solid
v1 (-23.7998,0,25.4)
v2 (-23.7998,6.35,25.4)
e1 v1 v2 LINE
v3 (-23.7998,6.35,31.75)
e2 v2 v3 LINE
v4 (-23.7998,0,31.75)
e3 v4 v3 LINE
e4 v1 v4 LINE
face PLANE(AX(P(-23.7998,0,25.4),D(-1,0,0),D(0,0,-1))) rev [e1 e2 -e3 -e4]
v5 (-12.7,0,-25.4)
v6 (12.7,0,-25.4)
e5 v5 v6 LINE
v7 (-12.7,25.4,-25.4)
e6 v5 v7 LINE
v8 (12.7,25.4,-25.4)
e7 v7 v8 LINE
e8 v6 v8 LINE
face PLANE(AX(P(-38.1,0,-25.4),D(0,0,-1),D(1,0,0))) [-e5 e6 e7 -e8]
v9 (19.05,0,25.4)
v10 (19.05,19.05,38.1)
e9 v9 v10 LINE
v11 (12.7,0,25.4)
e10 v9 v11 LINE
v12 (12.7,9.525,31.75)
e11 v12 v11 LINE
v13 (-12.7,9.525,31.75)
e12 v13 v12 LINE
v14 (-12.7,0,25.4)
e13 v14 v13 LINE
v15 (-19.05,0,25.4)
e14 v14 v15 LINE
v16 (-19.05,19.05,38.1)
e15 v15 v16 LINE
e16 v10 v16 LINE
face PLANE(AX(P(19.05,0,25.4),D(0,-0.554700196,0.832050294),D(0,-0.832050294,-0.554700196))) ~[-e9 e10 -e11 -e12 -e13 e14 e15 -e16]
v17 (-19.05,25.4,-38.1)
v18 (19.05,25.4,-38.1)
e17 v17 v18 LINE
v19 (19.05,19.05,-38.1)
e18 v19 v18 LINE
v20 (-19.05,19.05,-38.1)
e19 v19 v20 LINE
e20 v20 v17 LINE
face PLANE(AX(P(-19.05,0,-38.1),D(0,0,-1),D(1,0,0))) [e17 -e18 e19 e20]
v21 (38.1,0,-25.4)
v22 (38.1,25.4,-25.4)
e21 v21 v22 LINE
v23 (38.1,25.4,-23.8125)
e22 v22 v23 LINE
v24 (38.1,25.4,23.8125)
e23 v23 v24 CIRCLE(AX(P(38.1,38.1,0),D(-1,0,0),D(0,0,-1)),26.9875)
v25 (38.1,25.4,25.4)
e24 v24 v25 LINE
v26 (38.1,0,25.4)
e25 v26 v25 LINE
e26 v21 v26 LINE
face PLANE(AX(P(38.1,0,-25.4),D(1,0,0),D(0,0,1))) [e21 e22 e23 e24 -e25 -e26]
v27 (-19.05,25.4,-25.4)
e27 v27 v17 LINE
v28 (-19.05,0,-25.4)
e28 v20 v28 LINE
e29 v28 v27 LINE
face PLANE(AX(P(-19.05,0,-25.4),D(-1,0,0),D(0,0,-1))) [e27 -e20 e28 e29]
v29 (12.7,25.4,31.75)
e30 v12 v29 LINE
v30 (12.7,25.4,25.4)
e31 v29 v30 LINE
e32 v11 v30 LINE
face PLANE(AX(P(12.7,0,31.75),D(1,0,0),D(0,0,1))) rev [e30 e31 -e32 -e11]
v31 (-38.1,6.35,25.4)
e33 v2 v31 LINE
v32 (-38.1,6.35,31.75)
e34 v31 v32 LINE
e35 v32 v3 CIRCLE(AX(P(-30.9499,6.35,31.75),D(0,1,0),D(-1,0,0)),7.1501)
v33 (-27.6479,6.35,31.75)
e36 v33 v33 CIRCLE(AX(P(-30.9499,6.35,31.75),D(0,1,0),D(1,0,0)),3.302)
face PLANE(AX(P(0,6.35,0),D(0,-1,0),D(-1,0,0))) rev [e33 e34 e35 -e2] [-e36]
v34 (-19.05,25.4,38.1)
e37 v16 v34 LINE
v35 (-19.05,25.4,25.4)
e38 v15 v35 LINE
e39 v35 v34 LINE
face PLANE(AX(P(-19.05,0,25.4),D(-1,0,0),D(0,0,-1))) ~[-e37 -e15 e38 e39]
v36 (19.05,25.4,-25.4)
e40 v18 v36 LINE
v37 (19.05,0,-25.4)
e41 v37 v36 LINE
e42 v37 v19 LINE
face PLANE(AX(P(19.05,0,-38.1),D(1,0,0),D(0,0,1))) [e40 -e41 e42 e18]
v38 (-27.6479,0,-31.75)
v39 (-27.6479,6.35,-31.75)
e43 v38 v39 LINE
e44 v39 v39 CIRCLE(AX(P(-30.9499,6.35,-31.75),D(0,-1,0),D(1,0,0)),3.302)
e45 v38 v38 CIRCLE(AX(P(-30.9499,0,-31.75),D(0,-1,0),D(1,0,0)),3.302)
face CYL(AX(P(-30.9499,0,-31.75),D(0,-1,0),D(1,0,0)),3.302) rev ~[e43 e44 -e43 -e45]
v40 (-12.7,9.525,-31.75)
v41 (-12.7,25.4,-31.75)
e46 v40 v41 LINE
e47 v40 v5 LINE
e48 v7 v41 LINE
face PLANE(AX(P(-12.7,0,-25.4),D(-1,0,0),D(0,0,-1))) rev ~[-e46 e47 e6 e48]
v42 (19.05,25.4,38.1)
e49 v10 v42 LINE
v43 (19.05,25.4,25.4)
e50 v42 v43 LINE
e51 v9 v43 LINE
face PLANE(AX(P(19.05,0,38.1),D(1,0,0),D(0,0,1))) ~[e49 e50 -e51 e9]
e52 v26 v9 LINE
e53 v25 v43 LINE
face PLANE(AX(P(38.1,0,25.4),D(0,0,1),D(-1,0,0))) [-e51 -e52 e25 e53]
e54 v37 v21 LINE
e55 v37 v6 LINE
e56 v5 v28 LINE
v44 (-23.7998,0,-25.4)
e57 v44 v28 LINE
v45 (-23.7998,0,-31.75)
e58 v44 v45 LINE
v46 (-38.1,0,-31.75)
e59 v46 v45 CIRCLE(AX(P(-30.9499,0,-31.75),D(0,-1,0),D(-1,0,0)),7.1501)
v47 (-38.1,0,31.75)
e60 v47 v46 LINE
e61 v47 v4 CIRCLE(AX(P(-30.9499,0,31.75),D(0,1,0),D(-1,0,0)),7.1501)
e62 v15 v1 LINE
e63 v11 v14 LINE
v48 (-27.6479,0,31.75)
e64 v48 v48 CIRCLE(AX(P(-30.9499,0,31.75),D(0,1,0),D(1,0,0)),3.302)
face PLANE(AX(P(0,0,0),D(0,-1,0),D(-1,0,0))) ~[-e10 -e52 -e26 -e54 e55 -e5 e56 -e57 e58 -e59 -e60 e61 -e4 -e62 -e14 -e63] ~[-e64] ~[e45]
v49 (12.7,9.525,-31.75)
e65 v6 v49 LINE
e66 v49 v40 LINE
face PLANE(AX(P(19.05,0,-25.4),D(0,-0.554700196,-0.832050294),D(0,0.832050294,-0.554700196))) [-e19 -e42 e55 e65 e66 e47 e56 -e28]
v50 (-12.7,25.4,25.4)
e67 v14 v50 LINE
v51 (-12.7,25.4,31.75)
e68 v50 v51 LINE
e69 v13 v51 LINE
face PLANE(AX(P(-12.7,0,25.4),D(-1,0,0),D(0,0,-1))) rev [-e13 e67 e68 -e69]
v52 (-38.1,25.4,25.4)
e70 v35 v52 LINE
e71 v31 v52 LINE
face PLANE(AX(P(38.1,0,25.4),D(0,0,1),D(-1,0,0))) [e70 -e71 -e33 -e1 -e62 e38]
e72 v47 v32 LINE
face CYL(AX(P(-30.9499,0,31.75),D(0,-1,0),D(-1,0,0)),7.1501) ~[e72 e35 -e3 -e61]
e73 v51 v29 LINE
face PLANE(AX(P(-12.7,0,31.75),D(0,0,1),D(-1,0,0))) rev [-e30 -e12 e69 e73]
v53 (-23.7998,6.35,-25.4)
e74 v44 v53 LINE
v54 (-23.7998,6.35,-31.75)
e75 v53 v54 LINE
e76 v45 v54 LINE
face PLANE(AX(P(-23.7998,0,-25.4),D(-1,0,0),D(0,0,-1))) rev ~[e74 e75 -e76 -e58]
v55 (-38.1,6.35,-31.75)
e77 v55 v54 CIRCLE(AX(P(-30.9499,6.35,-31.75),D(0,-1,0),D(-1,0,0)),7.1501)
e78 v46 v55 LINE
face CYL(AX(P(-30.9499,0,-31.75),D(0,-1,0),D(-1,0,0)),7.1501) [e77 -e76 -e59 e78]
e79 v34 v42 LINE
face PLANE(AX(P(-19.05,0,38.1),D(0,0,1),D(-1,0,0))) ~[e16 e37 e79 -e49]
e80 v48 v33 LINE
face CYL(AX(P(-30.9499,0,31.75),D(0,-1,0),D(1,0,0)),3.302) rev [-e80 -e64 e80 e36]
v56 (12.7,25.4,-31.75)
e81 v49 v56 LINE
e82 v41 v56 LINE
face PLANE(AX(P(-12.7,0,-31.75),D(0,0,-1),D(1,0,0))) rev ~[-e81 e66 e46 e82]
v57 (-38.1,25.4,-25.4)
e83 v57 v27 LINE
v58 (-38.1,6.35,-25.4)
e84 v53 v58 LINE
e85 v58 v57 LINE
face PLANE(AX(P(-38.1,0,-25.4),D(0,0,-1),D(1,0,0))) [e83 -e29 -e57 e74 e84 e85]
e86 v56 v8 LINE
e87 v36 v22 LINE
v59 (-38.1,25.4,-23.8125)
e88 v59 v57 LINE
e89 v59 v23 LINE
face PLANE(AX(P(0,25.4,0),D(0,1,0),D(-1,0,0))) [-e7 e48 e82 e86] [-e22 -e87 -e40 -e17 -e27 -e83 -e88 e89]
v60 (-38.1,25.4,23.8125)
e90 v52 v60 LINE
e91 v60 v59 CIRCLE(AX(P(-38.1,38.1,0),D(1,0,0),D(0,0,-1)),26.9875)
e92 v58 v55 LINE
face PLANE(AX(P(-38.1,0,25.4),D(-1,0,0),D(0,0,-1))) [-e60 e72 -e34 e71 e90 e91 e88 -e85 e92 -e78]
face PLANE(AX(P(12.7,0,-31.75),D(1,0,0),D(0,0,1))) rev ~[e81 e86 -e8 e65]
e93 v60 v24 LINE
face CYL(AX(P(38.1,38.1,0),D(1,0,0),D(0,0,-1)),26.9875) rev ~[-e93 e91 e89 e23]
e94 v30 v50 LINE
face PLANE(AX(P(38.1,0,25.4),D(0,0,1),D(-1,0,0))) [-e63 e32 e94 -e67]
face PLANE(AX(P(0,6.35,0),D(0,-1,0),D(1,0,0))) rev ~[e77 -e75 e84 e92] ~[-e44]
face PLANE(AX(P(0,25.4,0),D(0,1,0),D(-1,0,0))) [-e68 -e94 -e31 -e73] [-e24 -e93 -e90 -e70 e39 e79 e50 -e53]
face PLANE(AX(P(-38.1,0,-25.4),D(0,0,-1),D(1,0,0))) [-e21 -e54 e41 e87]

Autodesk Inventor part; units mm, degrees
ref_plane "YZ Plane" through (0, 0, 0) normal (1, 0, 0) x (0, 1, 0)
ref_plane "XZ Plane" through (0, 0, 0) normal (0, 1, 0) x (-1, 0, 0)
ref_plane "XY Plane" through (0, 0, 0) normal (0, 0, 1) x (1, 0, 0)
sketch "Sketch1" plane through (0, 0, 0) normal (0, 1, 0) x (-1, 0, 0)
  line L0 (-38.1, 25.4) -> (38.1, 25.4)
  line L1 (38.1, 25.4) -> (38.1, -25.4)
  line L2 (38.1, -25.4) -> (-38.1, -25.4)
  line L3 (-38.1, -25.4) -> (-38.1, 25.4)
  point P0 (0, 0)
  dimension "d0" = 50.8
  dimension "d1" = 76.2
  dimension "d2" = 25.4
  dimension "d3" = 38.1
extrude "Extrusion1" add sketch "Sketch1" along normal blind 25.4
sketch "Sketch2" plane through (38.1, 0, 25.4) normal (1, 0, 0) x (0, 0, -1)
  circle A0 centre (25.4, 38.1) radius 26.9875
  line L0 (0, 0) -> (50.8, 0) projected
  line L1 (50.8, 0) -> (50.8, 25.4) projected
  line L2 (0, 25.4) -> (50.8, 25.4) projected
  line L3 (0, 0) -> (0, 25.4) projected
  point P0 (25.4, 0)
  dimension "d6" = 53.975
extrude "Extrusion2" cut sketch "Sketch2" against normal through all contours A0 L2 | L2 A0
sketch "Sketch3" plane through (0, 0, 0) normal (0, -1, 0) x (1, 0, 0)
  line L0 (38.1, -25.4) -> (-38.1, -25.4) projected
  line L1 (19.05, -25.4) -> (-19.05, -25.4)
  line L2 (-19.05, -25.4) -> (-19.05, -38.1)
  line L3 (19.05, -38.1) -> (19.05, -25.4)
  line L4 (12.7, -25.4) -> (-12.7, -25.4)
  line L5 (-12.7, -25.4) -> (-12.7, -31.75)
  line L6 (-12.7, -31.75) -> (12.7, -31.75)
  line L7 (12.7, -31.75) -> (12.7, -25.4)
  line L8 (38.1, -25.4) -> (-38.1, -25.4) projected
  line L9 (38.1, 25.4) -> (38.1, -25.4) projected
  line L10 (-38.1, 25.4) -> (38.1, 25.4) projected
  line L11 (-38.1, -25.4) -> (-38.1, 25.4) projected
  line L12 (-19.05, -38.1) -> (19.05, -38.1)
  point P0 (0, 0)
  point P1 (12.7, -28.575)
  dimension "d10" = 25.4
  dimension "d11" = 6.35
  dimension "d12" = 6.35
  dimension "d13" = 6.35
  dimension "d14" = 6.35
  dimension "d16" = 12.7
extrude "Extrusion3" add sketch "Sketch3" against normal blind 25.4 contours L3 L12 L2 L0 L5 L6 L7
sketch "Sketch4" plane through (19.05, 0, -25.4) normal (1, 0, 0) x (0, 0, -1)
  line L0 (12.7, 0) -> (0, 0) projected
  line L1 (12.7, 0) -> (12.7, 25.4) projected
  line L2 (0, 25.4) -> (12.7, 25.4) projected
  line L3 (0, 0) -> (0, 25.4) projected
  arc A0 (-49.2125, 25.4) -> (-1.5875, 25.4) centre (-25.4, 38.1) ccw projected
  line L4 (-50.8, 25.4) -> (-49.2125, 25.4) projected
  line L5 (-50.8, 0) -> (-50.8, 25.4) projected
  line L6 (-50.8, 0) -> (0, 0) projected
  line L7 (0, 0) -> (0, 25.4) projected
  line L8 (-1.5875, 25.4) -> (0, 25.4) projected
  line L9 (6.35, 0) -> (0, 0) projected
  line L10 (0, 0) -> (12.7, 19.05)
  line L11 (12.7, 0) -> (12.7, 25.4) projected
  point P0 (-25.4, 0)
  point P1 (12.7, 19.05)
  dimension "d19" = 6.35
extrude "Extrusion4" cut sketch "Sketch4" against normal through all contours L0 L10 L1
mirror "Mirror1" about plane through (0, 0, 0) normal (0, 0, 1) of "Extrusion3", "Extrusion4"
sketch "Sketch5" plane through (0, 0, 0) normal (0, -1, 0) x (1, 0, 0)
  line L0 (-12.7, 25.4) -> (-19.05, 25.4) projected
  line L1 (-38.1, 25.4) -> (-19.05, 25.4) projected
  line L2 (-38.1, -25.4) -> (-38.1, 25.4) projected
  line L3 (-19.05, -25.4) -> (-38.1, -25.4) projected
  line L4 (-19.05, -25.4) -> (-12.7, -25.4) projected
  line L5 (12.7, -25.4) -> (-12.7, -25.4) projected
  line L6 (12.7, -25.4) -> (19.05, -25.4) projected
  line L7 (38.1, -25.4) -> (19.05, -25.4) projected
  line L8 (38.1, 25.4) -> (38.1, -25.4) projected
  line L9 (19.05, 25.4) -> (38.1, 25.4) projected
  line L10 (19.05, 25.4) -> (12.7, 25.4) projected
  line L11 (-12.7, 25.4) -> (12.7, 25.4) projected
  line L12 (38.1, 25.4) -> (38.1, 23.8125) projected
  line L13 (38.1, 25.4) -> (38.1, 31.75)
  line L14 (19.05, 25.4) -> (38.1, 25.4) projected
  line L15 (29.0711, 25.4) -> (29.0711, 31.75)
  line L16 (-38.1, -25.4) -> (-38.1, -23.8125) projected
  line L17 (-38.1, -25.4) -> (-38.1, -31.75)
  line L18 (-23.7998, -25.4) -> (-23.7998, -31.75)
  circle A0 centre (-30.9499, -31.75) radius 3.302
  arc A1 (-38.1, -31.75) -> (-23.7998, -31.75) centre (-30.9499, -31.75) ccw
  point P0 (0, 0)
  dimension "d23" = 14.3002
  dimension "d24" = 6.35
  dimension "d25" = 6.35
  dimension "d26" = 6.604
  dimension "d27" = 6.35
  dimension "d28" = 7.1501
  dimension "d29" = 6.35
extrude "Extrusion5" add sketch "Sketch5" against normal blind 6.35 contours L3 L18 A1 L17
mirror "Mirror2" about plane through (0, 0, 0) normal (0, 0, 1) of "Extrusion5"
equation "\"d2\" = 0.5 * d0"
equation "\"d3\" = 0.5 * d1"
equation "\"d12\" = d11"
equation "\"d13\" = d11"
equation "\"d16\" = 0.5 * d10"
equation "\"d25\" = d24"
equation "\"d27\" = d24"
equation "\"d28\" = 0.5 * d23"
equation "\"d29\" = d24"
properties part number "Part_4_scooter_attachment"
